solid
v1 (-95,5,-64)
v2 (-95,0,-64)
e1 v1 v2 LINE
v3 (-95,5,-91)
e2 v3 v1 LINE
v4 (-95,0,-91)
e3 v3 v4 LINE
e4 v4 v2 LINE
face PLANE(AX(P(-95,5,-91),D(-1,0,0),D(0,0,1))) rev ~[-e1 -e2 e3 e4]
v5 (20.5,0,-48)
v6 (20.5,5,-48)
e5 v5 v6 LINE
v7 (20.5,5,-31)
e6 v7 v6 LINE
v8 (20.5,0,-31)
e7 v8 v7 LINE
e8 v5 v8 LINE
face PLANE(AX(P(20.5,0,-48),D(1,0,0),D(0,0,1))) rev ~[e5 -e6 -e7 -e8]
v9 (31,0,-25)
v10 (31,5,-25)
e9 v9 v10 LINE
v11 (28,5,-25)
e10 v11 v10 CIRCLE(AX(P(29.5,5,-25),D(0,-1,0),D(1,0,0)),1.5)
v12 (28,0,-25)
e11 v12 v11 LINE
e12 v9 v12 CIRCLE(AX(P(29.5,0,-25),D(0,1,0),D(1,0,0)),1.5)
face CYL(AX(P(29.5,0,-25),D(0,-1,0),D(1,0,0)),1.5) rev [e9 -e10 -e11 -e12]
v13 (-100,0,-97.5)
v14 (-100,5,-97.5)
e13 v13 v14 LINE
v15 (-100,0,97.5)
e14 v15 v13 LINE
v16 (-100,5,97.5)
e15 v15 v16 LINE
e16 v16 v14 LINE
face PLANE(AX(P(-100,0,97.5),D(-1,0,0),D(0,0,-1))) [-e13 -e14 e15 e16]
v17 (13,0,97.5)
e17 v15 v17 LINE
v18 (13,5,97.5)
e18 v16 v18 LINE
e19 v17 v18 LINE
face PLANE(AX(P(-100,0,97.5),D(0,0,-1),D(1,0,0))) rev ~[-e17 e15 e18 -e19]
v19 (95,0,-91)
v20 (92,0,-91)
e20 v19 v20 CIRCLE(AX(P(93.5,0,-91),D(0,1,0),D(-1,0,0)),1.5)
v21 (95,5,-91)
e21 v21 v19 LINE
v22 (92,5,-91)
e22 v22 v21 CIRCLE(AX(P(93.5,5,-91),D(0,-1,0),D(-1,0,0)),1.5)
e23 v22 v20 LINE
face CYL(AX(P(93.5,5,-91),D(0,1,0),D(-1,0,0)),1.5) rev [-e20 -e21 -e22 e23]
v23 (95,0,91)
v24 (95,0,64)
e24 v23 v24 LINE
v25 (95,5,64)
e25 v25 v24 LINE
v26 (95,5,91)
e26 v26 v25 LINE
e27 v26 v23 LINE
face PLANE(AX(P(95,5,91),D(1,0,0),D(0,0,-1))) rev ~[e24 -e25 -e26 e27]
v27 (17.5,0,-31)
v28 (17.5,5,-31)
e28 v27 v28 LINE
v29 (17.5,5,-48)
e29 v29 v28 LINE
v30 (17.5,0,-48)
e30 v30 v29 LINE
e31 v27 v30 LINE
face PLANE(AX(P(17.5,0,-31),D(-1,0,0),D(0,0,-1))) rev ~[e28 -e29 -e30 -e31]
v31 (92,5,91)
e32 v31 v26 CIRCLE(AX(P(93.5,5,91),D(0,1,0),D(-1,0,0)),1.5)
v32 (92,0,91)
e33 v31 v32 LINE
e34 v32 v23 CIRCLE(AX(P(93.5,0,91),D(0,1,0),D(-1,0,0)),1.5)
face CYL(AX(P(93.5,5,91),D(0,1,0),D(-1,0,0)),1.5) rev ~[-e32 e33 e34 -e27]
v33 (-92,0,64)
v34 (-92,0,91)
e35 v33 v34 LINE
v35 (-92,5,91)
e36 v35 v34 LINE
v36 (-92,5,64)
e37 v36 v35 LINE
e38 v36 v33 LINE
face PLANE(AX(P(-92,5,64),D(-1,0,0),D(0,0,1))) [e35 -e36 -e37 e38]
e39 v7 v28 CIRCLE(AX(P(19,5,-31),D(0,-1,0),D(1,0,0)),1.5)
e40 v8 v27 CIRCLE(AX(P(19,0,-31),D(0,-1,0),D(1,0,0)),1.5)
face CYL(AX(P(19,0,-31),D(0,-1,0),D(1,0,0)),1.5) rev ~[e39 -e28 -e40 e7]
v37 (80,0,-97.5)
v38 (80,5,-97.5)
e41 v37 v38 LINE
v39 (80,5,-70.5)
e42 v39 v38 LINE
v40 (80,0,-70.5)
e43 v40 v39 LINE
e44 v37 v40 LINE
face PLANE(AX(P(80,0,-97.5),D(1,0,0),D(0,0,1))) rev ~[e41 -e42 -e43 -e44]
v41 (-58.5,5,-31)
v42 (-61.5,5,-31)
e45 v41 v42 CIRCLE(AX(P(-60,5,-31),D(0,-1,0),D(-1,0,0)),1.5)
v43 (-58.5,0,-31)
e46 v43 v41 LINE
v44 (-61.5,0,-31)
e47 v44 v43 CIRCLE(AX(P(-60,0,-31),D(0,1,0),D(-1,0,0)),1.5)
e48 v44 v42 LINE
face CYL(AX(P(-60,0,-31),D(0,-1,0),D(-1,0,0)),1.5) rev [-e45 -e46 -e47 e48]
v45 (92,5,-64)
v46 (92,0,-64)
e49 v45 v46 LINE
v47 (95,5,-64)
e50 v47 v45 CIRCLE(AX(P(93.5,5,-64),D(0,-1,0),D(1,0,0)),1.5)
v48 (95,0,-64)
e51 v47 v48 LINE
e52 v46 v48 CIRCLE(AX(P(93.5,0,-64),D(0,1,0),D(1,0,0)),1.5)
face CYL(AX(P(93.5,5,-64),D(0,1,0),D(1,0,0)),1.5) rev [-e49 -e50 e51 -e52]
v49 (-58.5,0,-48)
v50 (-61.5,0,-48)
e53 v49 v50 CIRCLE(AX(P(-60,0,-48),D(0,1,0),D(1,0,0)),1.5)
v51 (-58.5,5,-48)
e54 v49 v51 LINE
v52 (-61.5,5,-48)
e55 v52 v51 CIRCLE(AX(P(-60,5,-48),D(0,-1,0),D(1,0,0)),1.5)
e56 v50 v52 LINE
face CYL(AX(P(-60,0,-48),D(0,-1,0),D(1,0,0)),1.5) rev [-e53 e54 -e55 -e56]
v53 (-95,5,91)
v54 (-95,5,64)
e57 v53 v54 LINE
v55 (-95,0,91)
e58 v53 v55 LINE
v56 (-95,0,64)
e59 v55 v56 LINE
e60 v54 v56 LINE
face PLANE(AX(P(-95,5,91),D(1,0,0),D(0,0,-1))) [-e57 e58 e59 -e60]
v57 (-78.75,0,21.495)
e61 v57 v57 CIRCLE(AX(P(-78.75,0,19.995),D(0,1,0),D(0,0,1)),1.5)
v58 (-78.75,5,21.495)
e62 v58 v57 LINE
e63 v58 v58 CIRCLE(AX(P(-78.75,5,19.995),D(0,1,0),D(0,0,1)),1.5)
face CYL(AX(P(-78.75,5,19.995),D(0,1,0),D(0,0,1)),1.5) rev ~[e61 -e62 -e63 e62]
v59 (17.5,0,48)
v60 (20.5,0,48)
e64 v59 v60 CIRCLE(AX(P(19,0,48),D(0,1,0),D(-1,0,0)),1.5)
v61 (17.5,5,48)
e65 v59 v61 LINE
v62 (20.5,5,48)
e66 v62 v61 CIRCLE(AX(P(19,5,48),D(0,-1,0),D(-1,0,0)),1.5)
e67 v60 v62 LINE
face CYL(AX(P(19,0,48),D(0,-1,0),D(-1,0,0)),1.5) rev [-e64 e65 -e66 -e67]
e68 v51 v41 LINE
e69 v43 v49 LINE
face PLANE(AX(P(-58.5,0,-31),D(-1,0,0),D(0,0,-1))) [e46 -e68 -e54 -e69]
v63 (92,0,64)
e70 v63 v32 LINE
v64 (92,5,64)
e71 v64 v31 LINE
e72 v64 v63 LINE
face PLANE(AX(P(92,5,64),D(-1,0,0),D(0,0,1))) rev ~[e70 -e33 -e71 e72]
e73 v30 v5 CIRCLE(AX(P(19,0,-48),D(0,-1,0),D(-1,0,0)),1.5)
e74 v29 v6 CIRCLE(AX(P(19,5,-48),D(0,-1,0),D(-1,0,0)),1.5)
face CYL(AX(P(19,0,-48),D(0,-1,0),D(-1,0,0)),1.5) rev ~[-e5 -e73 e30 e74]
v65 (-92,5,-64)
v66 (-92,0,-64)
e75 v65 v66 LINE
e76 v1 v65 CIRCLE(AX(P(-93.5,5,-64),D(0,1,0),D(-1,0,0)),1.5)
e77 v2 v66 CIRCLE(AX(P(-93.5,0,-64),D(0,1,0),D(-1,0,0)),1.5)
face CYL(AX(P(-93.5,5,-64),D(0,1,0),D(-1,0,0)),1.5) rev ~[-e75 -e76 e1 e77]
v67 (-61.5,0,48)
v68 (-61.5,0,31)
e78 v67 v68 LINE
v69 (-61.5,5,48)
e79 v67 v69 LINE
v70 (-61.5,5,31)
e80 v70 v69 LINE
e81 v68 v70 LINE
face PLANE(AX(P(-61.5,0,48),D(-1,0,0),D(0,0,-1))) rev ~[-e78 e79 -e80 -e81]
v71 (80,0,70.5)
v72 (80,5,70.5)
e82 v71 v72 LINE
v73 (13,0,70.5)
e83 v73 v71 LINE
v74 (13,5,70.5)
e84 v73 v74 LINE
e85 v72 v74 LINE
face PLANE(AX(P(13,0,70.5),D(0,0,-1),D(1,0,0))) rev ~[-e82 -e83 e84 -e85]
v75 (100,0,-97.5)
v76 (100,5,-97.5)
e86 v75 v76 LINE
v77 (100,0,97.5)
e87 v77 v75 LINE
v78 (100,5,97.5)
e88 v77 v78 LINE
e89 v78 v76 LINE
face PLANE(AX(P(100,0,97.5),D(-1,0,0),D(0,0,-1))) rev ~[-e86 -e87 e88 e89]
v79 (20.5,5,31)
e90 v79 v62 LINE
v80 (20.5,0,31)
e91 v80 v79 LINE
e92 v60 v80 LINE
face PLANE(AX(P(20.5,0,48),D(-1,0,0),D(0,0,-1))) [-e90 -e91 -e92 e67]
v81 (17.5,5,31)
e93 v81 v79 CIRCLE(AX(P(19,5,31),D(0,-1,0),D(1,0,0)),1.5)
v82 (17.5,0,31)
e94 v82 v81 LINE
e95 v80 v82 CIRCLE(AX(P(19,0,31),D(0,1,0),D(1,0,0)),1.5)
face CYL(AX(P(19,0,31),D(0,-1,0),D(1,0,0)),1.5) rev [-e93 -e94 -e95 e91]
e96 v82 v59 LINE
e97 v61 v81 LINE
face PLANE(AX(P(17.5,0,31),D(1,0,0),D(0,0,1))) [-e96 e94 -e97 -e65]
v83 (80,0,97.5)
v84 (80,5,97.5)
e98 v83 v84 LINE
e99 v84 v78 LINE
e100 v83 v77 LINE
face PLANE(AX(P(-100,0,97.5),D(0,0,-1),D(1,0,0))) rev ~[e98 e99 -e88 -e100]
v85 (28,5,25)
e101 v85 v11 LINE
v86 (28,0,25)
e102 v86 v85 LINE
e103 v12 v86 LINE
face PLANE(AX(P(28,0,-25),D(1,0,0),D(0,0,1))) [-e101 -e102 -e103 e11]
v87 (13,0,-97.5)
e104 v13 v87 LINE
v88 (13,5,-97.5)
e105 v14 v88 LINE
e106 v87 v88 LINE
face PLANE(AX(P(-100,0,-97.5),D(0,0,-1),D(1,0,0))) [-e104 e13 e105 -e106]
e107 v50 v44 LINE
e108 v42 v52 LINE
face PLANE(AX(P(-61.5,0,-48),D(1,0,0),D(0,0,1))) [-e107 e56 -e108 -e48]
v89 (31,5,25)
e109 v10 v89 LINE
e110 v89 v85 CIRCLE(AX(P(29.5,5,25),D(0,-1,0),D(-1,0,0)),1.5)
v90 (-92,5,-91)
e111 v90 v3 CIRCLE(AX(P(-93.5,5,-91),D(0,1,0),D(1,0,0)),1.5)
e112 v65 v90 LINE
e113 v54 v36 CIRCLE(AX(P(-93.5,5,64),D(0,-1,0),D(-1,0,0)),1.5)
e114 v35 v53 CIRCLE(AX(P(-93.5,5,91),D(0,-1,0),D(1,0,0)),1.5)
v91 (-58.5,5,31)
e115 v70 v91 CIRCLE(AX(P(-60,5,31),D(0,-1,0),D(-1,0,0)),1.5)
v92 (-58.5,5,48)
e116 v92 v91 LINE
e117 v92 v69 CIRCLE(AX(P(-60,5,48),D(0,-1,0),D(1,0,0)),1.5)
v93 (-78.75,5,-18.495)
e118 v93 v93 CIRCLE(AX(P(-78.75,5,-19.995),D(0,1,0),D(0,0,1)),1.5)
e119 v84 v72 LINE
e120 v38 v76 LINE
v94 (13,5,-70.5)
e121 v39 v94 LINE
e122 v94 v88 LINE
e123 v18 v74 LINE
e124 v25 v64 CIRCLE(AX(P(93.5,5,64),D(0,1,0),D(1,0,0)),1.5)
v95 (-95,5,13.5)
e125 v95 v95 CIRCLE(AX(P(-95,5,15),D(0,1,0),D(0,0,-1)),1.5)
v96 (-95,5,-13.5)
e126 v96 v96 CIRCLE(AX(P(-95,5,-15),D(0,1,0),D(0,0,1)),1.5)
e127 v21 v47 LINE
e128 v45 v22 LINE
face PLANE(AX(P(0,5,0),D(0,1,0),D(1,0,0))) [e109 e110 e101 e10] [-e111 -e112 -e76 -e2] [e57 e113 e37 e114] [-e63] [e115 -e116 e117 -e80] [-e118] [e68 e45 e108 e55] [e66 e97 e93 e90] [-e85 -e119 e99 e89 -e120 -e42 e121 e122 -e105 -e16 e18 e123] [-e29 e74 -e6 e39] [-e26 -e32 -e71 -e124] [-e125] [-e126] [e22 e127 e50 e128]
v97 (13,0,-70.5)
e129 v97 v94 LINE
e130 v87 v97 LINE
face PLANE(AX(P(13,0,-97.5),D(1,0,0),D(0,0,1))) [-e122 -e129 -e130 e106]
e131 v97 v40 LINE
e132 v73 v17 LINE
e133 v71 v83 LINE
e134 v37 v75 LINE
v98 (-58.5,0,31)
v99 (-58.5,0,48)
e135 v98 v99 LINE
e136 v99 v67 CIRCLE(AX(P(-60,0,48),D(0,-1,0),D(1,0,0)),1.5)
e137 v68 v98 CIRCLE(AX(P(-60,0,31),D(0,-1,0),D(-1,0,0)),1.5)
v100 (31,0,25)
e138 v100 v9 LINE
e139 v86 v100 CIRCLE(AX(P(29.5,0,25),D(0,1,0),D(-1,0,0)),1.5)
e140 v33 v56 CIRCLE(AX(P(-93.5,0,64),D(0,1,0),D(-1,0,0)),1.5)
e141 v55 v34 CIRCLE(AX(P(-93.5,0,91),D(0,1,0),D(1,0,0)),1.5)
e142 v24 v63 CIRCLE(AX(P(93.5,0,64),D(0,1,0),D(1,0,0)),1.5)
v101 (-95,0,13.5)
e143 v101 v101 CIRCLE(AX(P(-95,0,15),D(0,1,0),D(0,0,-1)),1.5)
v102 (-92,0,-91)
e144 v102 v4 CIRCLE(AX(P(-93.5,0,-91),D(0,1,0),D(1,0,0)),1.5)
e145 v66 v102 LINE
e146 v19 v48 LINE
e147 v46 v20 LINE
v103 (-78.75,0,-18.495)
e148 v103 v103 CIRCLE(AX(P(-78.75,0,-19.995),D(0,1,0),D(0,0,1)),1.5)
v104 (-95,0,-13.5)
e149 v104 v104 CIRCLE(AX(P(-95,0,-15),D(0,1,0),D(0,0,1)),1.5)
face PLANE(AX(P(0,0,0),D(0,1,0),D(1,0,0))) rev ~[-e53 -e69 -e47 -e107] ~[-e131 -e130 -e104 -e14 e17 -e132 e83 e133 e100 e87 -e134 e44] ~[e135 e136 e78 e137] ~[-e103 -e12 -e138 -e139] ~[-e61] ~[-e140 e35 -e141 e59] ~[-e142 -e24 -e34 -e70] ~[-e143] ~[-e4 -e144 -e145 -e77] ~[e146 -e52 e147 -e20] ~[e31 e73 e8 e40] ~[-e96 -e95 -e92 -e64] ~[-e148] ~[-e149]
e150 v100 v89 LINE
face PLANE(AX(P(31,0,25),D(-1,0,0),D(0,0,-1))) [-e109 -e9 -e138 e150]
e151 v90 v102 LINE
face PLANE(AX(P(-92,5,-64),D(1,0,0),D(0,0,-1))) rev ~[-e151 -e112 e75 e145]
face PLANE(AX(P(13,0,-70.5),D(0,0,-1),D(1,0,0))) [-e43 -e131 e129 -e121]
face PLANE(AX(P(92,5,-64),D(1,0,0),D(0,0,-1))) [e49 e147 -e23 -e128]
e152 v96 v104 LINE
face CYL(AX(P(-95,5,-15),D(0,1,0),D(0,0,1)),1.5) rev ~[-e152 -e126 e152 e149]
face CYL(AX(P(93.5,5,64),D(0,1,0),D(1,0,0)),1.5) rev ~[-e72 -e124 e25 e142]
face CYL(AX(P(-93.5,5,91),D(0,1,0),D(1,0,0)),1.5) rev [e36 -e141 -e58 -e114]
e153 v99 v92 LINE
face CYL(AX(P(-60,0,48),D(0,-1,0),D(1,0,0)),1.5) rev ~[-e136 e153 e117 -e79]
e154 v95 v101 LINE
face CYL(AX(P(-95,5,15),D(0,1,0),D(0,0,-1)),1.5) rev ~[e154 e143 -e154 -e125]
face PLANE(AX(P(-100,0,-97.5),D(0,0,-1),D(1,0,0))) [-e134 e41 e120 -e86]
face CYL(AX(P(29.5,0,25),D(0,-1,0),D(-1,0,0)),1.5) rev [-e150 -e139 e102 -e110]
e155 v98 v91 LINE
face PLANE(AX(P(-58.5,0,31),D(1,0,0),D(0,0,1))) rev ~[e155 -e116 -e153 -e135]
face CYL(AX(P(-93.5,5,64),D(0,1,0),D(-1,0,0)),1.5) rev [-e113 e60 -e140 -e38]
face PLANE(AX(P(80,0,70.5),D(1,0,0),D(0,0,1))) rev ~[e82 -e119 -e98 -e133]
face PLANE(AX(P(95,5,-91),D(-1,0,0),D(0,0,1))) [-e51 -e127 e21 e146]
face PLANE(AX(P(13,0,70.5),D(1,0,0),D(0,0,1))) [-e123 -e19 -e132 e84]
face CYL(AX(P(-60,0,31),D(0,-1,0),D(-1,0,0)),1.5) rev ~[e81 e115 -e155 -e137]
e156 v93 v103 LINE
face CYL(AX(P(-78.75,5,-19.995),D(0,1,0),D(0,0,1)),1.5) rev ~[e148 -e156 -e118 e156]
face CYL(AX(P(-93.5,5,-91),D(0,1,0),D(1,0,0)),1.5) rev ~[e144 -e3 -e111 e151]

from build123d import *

# Parameters (mm, degrees)
SKETCH2_W           = 200
SKETCH2_H           = 195
BOSS_EXTRUDE1_DEPTH = 5
CUT_EXTRUDE1_DEPTH  = 140.754248594
SKETCH4_W           = 67
SKETCH4_H           = 27
CUT_EXTRUDE2_DEPTH  = 140.754248594
CUT_EXTRUDE4_DEPTH  = 140.754248594
CUT_EXTRUDE5_DEPTH  = 140.754248594
SKETCH8_R           = 1.5
CUT_EXTRUDE6_DEPTH  = 140.754248594
SKETCH9_R           = 1.5
CUT_EXTRUDE7_DEPTH  = 140.754248594


with BuildPart() as part:
    # Sketch2 → Boss-Extrude1 (new body)
    with BuildSketch(Plane(origin=(0, 0, 0), x_dir=(1, 0, 0), z_dir=(0, 1, 0))):
        Rectangle(SKETCH2_W, SKETCH2_H)
    extrude(amount=BOSS_EXTRUDE1_DEPTH)

    # Sketch3 → Cut-Extrude1 (cut, through all)
    with BuildSketch(Plane(origin=(0, 5, 0), x_dir=(1, 0, 0), z_dir=(0, 1, 0))):
        with BuildLine():
            Line((-95, -91), (-95, -64))
            ThreePointArc((-95, -64), (-93.5, -62.5), (-92, -64))
            Line((-92, -64), (-92, -91))
            ThreePointArc((-92, -91), (-93.5, -92.5), (-95, -91))
        make_face()
        with BuildLine():
            Line((-95, 91), (-95, 64))
            ThreePointArc((-95, 64), (-93.5, 62.5), (-92, 64))
            Line((-92, 64), (-92, 91))
            ThreePointArc((-92, 91), (-93.5, 92.5), (-95, 91))
        make_face()
        with BuildLine():
            Line((95, 91), (95, 64))
            ThreePointArc((95, 64), (93.5, 62.5), (92, 64))
            Line((92, 64), (92, 91))
            ThreePointArc((92, 91), (93.5, 92.5), (95, 91))
        make_face()
        with BuildLine():
            Line((95, -91), (95, -64))
            ThreePointArc((95, -64), (93.5, -62.5), (92, -64))
            Line((92, -64), (92, -91))
            ThreePointArc((92, -91), (93.5, -92.5), (95, -91))
        make_face()
    extrude(amount=-CUT_EXTRUDE1_DEPTH, mode=Mode.SUBTRACT)

    # Sketch4 → Cut-Extrude2 (cut, through all)
    with BuildSketch(Plane.XZ):
        with Locations((46.5, -84)):
            Rectangle(SKETCH4_W, SKETCH4_H)
        with Locations((46.5, 84)):
            Rectangle(SKETCH4_W, SKETCH4_H)
    extrude(amount=-CUT_EXTRUDE2_DEPTH, mode=Mode.SUBTRACT)

    # Sketch5 → Cut-Extrude4 (cut, through all)
    with BuildSketch(Plane.XZ):
        with BuildLine():
            Line((-61.5, -48), (-61.5, -31))
            ThreePointArc((-61.5, -31), (-60, -29.5), (-58.5, -31))
            Line((-58.5, -31), (-58.5, -48))
            ThreePointArc((-58.5, -48), (-60, -49.5), (-61.5, -48))
        make_face()
        with BuildLine():
            Line((-61.5, 48), (-61.5, 31))
            ThreePointArc((-61.5, 31), (-60, 29.5), (-58.5, 31))
            Line((-58.5, 31), (-58.5, 48))
            ThreePointArc((-58.5, 48), (-60, 49.5), (-61.5, 48))
        make_face()
        with BuildLine():
            Line((20.5, 48), (20.5, 31))
            ThreePointArc((20.5, 31), (19, 29.5), (17.5, 31))
            Line((17.5, 31), (17.5, 48))
            ThreePointArc((17.5, 48), (19, 49.5), (20.5, 48))
        make_face()
        with BuildLine():
            Line((20.5, -48), (20.5, -31))
            ThreePointArc((20.5, -31), (19, -29.5), (17.5, -31))
            Line((17.5, -31), (17.5, -48))
            ThreePointArc((17.5, -48), (19, -49.5), (20.5, -48))
        make_face()
    extrude(amount=-CUT_EXTRUDE4_DEPTH, mode=Mode.SUBTRACT)

    # Sketch7 → Cut-Extrude5 (cut, through all)
    with BuildSketch(Plane.XZ):
        with BuildLine():
            Line((28, -25), (28, 25))
            ThreePointArc((28, 25), (29.5, 26.5), (31, 25))
            Line((31, 25), (31, -25))
            ThreePointArc((31, -25), (29.5, -26.5), (28, -25))
        make_face()
    extrude(amount=-CUT_EXTRUDE5_DEPTH, mode=Mode.SUBTRACT)

    # Sketch8 → Cut-Extrude6 (cut, through all)
    with BuildSketch(Plane(origin=(0, 5, 0), x_dir=(1, 0, 0), z_dir=(0, 1, 0))):
        with Locations(Location((-78.75, 19.995, 0), (0, 0, 270))):
            Circle(SKETCH8_R)
        with Locations(Location((-78.75, -19.995, 0), (0, 0, 270))):
            Circle(SKETCH8_R)
    extrude(amount=-CUT_EXTRUDE6_DEPTH, mode=Mode.SUBTRACT)

    # Sketch9 → Cut-Extrude7 (cut, through all)
    with BuildSketch(Plane(origin=(0, 5, 0), x_dir=(1, 0, 0), z_dir=(0, 1, 0))):
        with Locations(Location((-95, 15, 0), (0, 0, 270))):
            Circle(SKETCH9_R)
        with Locations(Location((-95, -15, 0), (0, 0, 90))):
            Circle(SKETCH9_R)
    extrude(amount=-CUT_EXTRUDE7_DEPTH, mode=Mode.SUBTRACT)


solid = part.part
